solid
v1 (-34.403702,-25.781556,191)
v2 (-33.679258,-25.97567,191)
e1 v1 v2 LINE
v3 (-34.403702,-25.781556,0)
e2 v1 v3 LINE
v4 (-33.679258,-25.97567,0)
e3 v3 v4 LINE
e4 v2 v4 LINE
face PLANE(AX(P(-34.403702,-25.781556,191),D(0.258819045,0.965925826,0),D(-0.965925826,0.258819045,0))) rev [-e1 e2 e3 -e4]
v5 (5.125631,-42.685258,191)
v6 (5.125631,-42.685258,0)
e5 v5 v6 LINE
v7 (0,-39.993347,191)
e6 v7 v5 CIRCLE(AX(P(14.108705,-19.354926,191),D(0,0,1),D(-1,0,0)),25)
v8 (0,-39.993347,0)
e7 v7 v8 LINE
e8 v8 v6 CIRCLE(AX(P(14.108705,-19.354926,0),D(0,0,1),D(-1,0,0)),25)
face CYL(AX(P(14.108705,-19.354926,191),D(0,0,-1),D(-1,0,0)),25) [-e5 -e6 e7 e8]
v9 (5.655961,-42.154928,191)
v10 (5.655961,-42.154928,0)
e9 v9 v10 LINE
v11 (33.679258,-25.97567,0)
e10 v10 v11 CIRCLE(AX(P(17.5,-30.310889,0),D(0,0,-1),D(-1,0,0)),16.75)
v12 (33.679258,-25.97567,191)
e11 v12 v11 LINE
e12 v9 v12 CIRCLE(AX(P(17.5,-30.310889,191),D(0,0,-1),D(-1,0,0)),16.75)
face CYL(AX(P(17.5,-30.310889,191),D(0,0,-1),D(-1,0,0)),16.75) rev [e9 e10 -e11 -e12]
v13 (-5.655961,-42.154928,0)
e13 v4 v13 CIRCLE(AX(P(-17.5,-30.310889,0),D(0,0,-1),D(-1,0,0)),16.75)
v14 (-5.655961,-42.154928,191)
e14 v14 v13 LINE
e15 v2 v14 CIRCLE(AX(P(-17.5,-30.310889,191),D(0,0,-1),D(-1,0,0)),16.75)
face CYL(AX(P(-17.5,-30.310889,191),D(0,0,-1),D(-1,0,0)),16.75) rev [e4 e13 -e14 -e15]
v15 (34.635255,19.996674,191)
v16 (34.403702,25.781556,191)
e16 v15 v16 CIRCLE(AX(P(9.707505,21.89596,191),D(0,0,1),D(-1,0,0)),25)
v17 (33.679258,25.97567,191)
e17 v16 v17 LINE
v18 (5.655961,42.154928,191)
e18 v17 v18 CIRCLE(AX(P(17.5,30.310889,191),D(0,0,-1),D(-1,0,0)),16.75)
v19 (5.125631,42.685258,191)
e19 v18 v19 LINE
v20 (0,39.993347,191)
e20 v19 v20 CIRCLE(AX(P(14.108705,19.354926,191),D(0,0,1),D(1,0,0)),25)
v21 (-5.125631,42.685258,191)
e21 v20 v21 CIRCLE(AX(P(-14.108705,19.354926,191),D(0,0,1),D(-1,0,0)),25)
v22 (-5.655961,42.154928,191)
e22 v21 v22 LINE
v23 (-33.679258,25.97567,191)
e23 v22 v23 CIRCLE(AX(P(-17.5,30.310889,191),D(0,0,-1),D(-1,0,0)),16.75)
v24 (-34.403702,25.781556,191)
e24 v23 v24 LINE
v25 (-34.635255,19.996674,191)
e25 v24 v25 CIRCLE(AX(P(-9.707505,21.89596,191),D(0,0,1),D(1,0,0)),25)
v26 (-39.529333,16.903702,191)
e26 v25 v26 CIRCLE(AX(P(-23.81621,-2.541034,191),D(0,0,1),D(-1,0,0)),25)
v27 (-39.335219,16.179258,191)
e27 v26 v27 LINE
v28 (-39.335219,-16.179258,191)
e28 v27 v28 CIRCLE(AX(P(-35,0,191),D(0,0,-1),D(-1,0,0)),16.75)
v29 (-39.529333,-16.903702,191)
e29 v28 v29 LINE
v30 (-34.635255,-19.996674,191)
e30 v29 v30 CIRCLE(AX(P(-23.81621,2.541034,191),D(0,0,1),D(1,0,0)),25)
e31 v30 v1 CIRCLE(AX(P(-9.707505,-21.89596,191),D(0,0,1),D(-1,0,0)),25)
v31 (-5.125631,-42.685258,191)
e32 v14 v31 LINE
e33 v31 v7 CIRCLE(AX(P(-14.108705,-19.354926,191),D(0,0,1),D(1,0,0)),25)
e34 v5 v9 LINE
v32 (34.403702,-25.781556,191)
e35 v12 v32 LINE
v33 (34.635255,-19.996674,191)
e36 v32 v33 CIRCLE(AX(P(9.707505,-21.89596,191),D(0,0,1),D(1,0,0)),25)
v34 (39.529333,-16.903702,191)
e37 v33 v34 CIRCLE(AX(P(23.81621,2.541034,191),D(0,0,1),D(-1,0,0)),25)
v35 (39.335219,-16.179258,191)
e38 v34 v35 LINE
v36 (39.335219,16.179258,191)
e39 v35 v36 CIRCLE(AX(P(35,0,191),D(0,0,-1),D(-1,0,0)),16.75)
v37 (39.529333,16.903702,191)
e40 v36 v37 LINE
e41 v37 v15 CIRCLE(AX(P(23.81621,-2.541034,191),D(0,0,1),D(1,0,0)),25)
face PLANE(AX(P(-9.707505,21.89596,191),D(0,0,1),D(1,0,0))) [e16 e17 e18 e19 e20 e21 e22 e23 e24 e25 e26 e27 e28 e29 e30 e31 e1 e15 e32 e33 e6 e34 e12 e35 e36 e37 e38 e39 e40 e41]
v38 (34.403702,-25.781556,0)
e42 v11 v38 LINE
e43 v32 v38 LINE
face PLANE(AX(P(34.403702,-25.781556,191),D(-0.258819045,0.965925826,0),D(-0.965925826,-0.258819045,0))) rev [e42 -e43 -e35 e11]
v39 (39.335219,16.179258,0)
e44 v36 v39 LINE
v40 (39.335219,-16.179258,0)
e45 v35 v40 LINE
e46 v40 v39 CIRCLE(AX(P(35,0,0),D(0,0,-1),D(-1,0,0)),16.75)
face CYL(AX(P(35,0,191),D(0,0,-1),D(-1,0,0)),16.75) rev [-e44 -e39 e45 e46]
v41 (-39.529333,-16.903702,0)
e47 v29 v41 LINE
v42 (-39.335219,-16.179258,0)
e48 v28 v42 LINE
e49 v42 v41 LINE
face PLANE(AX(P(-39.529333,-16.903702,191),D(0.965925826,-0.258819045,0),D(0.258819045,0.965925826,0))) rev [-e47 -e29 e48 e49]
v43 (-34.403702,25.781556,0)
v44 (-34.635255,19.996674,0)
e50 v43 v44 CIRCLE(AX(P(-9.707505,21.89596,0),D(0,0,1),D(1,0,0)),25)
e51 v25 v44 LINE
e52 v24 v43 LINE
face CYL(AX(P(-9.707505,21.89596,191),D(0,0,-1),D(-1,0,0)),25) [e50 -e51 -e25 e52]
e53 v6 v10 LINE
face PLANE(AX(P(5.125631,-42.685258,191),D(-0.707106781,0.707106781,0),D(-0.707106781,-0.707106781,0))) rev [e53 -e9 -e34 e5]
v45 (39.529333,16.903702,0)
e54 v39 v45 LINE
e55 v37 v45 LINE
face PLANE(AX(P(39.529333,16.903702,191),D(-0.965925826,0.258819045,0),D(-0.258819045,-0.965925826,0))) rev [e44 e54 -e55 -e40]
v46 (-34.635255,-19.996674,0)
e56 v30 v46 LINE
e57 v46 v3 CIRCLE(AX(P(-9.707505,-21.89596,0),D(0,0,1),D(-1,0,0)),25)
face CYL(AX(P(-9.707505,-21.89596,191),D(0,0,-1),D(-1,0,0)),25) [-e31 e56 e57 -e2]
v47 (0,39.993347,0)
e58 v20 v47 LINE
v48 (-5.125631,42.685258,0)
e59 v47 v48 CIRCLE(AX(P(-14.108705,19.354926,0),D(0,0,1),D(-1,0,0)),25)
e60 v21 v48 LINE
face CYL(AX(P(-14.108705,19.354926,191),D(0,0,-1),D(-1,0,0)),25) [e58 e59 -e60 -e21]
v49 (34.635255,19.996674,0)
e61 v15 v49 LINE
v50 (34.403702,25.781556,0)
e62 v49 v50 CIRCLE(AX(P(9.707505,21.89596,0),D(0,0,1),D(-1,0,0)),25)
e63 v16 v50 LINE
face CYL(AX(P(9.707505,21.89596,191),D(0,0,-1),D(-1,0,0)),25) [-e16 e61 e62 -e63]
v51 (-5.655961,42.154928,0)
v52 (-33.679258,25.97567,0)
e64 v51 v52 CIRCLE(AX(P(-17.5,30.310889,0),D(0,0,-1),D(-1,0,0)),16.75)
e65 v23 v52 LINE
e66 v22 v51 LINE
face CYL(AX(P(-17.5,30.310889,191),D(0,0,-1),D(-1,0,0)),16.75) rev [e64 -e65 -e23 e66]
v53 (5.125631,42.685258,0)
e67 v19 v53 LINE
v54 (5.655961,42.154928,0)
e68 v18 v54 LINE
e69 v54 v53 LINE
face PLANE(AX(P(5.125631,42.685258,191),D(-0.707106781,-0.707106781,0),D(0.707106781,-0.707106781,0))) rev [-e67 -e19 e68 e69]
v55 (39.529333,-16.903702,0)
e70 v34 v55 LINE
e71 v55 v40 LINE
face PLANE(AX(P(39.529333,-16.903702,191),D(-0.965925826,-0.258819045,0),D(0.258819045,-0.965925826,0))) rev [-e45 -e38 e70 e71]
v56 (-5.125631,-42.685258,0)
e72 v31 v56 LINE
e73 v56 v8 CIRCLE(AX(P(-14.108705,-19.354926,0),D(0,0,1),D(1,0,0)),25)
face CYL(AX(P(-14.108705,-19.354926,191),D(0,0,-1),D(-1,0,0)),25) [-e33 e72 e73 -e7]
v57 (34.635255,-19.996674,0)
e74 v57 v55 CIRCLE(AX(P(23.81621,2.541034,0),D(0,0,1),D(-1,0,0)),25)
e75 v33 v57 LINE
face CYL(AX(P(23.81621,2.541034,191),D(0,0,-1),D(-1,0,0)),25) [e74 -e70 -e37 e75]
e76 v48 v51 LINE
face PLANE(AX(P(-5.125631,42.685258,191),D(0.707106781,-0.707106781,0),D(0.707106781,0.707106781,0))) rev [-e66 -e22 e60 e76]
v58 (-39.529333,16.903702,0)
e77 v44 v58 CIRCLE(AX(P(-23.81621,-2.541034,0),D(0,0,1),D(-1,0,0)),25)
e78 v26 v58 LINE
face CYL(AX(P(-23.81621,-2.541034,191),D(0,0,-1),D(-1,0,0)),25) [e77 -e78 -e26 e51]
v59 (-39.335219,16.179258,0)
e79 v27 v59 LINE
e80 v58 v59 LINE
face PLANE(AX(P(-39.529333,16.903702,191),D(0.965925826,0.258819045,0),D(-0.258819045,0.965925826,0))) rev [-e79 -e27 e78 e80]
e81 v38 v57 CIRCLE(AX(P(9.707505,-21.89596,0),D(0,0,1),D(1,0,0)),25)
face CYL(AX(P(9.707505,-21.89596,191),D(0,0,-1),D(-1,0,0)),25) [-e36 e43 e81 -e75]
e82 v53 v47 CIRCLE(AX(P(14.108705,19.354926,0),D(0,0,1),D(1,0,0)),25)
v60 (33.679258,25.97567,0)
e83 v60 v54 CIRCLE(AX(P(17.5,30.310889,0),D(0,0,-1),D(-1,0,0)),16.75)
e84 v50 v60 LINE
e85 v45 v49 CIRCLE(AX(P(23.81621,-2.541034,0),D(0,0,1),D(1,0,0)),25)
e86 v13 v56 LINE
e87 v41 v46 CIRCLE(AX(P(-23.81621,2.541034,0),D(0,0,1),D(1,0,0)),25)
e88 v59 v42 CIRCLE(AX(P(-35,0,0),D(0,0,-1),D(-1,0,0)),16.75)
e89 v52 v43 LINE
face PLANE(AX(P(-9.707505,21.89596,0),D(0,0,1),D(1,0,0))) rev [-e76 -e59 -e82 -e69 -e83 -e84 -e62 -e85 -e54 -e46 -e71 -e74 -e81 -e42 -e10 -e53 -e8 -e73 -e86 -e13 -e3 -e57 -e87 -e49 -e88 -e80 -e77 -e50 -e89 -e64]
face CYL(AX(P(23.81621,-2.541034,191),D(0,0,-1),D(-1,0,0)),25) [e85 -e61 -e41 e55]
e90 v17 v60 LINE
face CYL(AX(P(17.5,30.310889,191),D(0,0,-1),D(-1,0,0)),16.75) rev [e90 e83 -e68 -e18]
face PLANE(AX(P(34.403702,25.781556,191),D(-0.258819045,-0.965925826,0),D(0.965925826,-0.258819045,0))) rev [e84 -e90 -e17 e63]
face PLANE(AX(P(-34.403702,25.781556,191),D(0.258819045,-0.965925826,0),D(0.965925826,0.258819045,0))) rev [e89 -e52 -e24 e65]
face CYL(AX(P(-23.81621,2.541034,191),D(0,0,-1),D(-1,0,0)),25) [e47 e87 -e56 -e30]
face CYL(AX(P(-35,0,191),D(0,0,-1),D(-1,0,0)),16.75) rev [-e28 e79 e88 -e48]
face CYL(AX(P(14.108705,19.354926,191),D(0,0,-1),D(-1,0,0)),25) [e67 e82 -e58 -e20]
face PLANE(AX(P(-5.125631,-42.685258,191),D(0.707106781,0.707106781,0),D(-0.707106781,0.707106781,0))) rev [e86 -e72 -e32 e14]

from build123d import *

# Parameters (mm, degrees)
BOSS_EXTRU_1_DEPTH = 191


with BuildPart() as part:
    # Esquisse1 → Boss.-Extru.1 (new body)
    with BuildSketch(Plane.XY):
        with BuildLine():
            Line((-39.529333289, 16.90370196), (-39.335219005, 16.17925759))
            ThreePointArc((-39.335219005, 16.17925759), (-18.25, 0), (-39.335219005, -16.17925759))
            Line((-39.335219005, -16.17925759), (-39.529333289, -16.90370196))
            ThreePointArc((-39.529333289, -16.90370196), (-37.17213026, -18.592337614), (-34.635254916, -19.996673749))
            ThreePointArc((-34.635254916, -19.996673749), (-34.68750182, -22.895840311), (-34.40370196, -25.781555843))
            Line((-34.40370196, -25.781555843), (-33.67925759, -25.975670127))
            ThreePointArc((-33.67925759, -25.975670127), (-9.125, -15.804963619), (-5.655961415, -42.154927717))
            Line((-5.655961415, -42.154927717), (-5.125631329, -42.685257803))
            ThreePointArc((-5.125631329, -42.685257803), (-2.48462844, -41.488177925), (0, -39.993347498))
            ThreePointArc((0, -39.993347498), (2.48462844, -41.488177925), (5.125631329, -42.685257803))
            Line((5.125631329, -42.685257803), (5.655961415, -42.154927717))
            ThreePointArc((5.655961415, -42.154927717), (9.125, -15.804963619), (33.67925759, -25.975670127))
            Line((33.67925759, -25.975670127), (34.40370196, -25.781555843))
            ThreePointArc((34.40370196, -25.781555843), (34.68750182, -22.895840311), (34.635254916, -19.996673749))
            ThreePointArc((34.635254916, -19.996673749), (37.17213026, -18.592337614), (39.529333289, -16.90370196))
            Line((39.529333289, -16.90370196), (39.335219005, -16.17925759))
            ThreePointArc((39.335219005, -16.17925759), (18.25, 0), (39.335219005, 16.17925759))
            Line((39.335219005, 16.17925759), (39.529333289, 16.90370196))
            ThreePointArc((39.529333289, 16.90370196), (37.17213026, 18.592337614), (34.635254916, 19.996673749))
            ThreePointArc((34.635254916, 19.996673749), (34.68750182, 22.895840311), (34.40370196, 25.781555843))
            Line((34.40370196, 25.781555843), (33.67925759, 25.975670127))
            ThreePointArc((33.67925759, 25.975670127), (9.125, 15.804963619), (5.655961415, 42.154927717))
            Line((5.655961415, 42.154927717), (5.125631329, 42.685257803))
            ThreePointArc((5.125631329, 42.685257803), (2.48462844, 41.488177925), (0, 39.993347498))
            ThreePointArc((0, 39.993347498), (-2.48462844, 41.488177925), (-5.125631329, 42.685257803))
            Line((-5.125631329, 42.685257803), (-5.655961415, 42.154927717))
            ThreePointArc((-5.655961415, 42.154927717), (-9.125, 15.804963619), (-33.67925759, 25.975670127))
            Line((-33.67925759, 25.975670127), (-34.40370196, 25.781555843))
            ThreePointArc((-34.40370196, 25.781555843), (-34.68750182, 22.895840311), (-34.635254916, 19.996673749))
            ThreePointArc((-34.635254916, 19.996673749), (-37.17213026, 18.592337614), (-39.529333289, 16.90370196))
        make_face()
    extrude(amount=BOSS_EXTRU_1_DEPTH)


solid = part.part
